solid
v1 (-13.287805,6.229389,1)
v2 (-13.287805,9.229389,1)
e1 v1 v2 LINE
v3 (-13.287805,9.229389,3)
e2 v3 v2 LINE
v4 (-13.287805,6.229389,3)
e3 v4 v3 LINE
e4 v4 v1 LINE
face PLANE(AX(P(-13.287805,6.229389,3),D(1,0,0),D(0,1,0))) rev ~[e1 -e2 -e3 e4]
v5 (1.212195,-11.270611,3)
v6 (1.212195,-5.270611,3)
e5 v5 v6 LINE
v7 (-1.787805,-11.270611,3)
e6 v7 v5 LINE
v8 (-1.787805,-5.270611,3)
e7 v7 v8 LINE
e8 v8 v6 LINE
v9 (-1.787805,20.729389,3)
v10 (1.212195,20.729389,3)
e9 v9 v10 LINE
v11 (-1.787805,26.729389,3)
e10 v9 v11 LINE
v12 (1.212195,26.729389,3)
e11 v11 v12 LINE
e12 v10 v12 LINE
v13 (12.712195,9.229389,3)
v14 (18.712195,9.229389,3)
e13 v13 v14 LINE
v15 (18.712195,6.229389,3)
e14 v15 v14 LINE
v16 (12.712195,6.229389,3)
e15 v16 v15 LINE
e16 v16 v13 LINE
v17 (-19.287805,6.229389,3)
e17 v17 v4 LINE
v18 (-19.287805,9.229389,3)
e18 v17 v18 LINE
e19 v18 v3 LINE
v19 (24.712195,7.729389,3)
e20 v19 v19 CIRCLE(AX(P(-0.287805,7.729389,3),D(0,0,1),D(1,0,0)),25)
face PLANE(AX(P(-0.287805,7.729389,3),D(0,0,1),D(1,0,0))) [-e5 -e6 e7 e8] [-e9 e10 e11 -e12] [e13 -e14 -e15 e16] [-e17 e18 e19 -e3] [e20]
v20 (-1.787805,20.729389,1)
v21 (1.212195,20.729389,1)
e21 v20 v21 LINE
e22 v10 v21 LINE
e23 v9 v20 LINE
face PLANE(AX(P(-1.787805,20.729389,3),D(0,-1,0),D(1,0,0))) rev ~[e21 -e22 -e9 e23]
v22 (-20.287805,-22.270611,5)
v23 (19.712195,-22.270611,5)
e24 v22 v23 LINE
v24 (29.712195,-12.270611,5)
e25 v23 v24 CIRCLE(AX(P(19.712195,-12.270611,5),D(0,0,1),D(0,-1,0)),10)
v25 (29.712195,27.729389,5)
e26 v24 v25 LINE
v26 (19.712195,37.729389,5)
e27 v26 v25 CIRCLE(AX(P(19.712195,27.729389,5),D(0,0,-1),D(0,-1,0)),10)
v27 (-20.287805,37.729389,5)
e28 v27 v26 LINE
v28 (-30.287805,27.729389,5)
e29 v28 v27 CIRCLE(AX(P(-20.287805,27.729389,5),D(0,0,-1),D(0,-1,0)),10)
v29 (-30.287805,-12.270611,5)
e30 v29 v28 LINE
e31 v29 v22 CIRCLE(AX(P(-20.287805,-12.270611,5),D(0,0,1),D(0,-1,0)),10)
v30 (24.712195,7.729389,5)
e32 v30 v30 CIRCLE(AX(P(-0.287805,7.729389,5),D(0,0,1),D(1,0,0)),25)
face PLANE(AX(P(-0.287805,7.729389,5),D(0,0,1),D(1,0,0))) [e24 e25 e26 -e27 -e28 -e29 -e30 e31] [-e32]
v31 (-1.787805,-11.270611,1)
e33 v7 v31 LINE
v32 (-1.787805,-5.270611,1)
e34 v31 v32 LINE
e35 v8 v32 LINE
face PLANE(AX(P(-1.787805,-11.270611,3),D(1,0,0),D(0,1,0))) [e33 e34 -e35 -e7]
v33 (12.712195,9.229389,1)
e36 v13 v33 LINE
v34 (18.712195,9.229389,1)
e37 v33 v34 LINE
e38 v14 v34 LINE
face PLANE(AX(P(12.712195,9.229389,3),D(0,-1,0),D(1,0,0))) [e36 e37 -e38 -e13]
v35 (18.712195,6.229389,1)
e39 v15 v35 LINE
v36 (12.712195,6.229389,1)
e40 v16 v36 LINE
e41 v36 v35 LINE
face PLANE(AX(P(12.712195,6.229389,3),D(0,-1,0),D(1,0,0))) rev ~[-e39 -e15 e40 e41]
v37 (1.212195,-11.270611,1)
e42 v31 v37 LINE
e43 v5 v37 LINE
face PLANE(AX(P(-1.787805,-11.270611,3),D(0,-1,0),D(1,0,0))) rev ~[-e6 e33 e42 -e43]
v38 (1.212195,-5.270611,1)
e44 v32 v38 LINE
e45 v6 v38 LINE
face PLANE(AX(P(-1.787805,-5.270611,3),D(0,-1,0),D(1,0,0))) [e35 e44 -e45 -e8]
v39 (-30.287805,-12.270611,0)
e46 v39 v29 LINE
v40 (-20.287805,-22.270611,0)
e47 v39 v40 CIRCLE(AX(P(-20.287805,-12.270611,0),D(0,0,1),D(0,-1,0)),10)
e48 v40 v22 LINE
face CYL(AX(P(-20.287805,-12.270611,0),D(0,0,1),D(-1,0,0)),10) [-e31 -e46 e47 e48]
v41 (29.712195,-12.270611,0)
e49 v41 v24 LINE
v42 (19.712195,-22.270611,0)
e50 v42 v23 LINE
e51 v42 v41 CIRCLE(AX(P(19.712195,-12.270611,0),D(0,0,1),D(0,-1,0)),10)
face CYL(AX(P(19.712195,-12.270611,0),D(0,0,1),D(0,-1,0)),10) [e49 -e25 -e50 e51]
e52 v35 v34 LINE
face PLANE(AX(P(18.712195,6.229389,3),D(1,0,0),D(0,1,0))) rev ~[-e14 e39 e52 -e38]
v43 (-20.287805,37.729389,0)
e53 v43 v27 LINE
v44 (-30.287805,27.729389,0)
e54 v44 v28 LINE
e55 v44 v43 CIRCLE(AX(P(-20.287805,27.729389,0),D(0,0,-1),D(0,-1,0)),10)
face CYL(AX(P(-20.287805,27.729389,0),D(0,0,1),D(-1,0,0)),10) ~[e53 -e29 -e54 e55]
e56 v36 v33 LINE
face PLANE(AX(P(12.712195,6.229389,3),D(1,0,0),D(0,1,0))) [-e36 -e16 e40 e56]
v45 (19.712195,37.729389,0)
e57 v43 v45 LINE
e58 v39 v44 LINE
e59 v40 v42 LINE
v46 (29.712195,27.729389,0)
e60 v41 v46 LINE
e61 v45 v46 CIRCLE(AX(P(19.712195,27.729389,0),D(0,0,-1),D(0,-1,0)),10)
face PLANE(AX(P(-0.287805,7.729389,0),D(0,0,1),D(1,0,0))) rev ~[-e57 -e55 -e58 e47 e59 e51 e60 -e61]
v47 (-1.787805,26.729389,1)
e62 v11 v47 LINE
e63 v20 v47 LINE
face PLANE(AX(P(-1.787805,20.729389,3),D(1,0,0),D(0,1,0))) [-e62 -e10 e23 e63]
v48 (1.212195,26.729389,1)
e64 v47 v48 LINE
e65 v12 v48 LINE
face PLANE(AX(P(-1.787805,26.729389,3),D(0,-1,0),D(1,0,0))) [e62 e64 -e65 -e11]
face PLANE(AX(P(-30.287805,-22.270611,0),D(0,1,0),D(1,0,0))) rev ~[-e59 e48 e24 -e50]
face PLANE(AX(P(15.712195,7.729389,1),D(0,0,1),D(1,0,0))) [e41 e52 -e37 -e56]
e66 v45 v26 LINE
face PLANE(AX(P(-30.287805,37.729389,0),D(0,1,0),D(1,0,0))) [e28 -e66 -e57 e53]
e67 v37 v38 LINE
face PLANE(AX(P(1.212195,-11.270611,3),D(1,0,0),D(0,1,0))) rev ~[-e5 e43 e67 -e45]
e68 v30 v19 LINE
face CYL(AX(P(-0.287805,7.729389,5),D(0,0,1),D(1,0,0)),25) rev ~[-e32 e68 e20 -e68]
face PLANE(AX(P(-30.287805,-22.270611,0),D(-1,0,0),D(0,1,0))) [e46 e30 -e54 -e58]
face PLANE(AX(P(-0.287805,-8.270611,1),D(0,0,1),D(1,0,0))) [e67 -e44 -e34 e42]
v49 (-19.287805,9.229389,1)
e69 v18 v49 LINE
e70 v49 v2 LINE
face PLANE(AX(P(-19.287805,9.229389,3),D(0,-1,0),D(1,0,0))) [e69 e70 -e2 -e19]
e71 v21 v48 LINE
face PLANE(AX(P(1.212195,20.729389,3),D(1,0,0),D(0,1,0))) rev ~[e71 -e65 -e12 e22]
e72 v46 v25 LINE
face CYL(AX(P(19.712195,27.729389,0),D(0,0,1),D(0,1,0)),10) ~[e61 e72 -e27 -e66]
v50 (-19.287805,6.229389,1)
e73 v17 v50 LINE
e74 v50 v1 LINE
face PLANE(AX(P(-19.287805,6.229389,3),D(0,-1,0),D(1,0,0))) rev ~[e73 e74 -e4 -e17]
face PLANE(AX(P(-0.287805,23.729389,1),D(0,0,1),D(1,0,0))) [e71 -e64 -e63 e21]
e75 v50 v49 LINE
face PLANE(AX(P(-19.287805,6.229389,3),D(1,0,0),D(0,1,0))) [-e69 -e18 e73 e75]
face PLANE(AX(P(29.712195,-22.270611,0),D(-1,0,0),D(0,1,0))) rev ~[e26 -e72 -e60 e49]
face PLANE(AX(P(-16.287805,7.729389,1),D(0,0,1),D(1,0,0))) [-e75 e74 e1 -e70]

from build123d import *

# Parameters (mm, degrees)
F0_W     = 60
F0_H     = 60
F1_DEPTH = 5
F2_R     = 25
F3_DEPTH = 2
F4_R     = 10
F5_W     = 3
F5_H     = 6
F5_W_2   = 6
F5_H_2   = 3
F6_DEPTH = 2


with BuildPart() as f1:
    # F0 (on Top) → F1 (new body)
    with BuildSketch(Plane.XY):
        with Locations((-0.287805, 7.729389)):
            Rectangle(F0_W, F0_H)
    extrude(amount=F1_DEPTH)

    # F2 (on face) → F3 (cut)
    with BuildSketch(Plane.XY.offset(5)):
        with Locations((-0.287805, 7.729389)):
            Circle(F2_R)
    extrude(amount=-F3_DEPTH, mode=Mode.SUBTRACT)

    # F4
    f4_edges = [f1.edges().sort_by_distance(p)[0] for p in [
        (29.712195, -22.270611, 2.5),
        (29.712195, 37.729389, 2.5),
        (-30.287805, 37.729389, 2.5),
        (-30.287805, -22.270611, 2.5),
    ]]
    fillet(f4_edges, radius=F4_R)

    # F5 (on face) → F6 (cut)
    with BuildSketch(Plane.XY.offset(3)):
        with Locations((-0.287805, 23.729389)):
            Rectangle(F5_W, F5_H)
        with Locations((-16.287805, 7.729389)):
            Rectangle(F5_W_2, F5_H_2)
        with Locations((-0.287805, -8.270611)):
            Rectangle(F5_W, F5_H)
        with Locations((15.712195, 7.729389)):
            Rectangle(F5_W_2, F5_H_2)
    extrude(amount=-F6_DEPTH, mode=Mode.SUBTRACT)


solid = f1.part
